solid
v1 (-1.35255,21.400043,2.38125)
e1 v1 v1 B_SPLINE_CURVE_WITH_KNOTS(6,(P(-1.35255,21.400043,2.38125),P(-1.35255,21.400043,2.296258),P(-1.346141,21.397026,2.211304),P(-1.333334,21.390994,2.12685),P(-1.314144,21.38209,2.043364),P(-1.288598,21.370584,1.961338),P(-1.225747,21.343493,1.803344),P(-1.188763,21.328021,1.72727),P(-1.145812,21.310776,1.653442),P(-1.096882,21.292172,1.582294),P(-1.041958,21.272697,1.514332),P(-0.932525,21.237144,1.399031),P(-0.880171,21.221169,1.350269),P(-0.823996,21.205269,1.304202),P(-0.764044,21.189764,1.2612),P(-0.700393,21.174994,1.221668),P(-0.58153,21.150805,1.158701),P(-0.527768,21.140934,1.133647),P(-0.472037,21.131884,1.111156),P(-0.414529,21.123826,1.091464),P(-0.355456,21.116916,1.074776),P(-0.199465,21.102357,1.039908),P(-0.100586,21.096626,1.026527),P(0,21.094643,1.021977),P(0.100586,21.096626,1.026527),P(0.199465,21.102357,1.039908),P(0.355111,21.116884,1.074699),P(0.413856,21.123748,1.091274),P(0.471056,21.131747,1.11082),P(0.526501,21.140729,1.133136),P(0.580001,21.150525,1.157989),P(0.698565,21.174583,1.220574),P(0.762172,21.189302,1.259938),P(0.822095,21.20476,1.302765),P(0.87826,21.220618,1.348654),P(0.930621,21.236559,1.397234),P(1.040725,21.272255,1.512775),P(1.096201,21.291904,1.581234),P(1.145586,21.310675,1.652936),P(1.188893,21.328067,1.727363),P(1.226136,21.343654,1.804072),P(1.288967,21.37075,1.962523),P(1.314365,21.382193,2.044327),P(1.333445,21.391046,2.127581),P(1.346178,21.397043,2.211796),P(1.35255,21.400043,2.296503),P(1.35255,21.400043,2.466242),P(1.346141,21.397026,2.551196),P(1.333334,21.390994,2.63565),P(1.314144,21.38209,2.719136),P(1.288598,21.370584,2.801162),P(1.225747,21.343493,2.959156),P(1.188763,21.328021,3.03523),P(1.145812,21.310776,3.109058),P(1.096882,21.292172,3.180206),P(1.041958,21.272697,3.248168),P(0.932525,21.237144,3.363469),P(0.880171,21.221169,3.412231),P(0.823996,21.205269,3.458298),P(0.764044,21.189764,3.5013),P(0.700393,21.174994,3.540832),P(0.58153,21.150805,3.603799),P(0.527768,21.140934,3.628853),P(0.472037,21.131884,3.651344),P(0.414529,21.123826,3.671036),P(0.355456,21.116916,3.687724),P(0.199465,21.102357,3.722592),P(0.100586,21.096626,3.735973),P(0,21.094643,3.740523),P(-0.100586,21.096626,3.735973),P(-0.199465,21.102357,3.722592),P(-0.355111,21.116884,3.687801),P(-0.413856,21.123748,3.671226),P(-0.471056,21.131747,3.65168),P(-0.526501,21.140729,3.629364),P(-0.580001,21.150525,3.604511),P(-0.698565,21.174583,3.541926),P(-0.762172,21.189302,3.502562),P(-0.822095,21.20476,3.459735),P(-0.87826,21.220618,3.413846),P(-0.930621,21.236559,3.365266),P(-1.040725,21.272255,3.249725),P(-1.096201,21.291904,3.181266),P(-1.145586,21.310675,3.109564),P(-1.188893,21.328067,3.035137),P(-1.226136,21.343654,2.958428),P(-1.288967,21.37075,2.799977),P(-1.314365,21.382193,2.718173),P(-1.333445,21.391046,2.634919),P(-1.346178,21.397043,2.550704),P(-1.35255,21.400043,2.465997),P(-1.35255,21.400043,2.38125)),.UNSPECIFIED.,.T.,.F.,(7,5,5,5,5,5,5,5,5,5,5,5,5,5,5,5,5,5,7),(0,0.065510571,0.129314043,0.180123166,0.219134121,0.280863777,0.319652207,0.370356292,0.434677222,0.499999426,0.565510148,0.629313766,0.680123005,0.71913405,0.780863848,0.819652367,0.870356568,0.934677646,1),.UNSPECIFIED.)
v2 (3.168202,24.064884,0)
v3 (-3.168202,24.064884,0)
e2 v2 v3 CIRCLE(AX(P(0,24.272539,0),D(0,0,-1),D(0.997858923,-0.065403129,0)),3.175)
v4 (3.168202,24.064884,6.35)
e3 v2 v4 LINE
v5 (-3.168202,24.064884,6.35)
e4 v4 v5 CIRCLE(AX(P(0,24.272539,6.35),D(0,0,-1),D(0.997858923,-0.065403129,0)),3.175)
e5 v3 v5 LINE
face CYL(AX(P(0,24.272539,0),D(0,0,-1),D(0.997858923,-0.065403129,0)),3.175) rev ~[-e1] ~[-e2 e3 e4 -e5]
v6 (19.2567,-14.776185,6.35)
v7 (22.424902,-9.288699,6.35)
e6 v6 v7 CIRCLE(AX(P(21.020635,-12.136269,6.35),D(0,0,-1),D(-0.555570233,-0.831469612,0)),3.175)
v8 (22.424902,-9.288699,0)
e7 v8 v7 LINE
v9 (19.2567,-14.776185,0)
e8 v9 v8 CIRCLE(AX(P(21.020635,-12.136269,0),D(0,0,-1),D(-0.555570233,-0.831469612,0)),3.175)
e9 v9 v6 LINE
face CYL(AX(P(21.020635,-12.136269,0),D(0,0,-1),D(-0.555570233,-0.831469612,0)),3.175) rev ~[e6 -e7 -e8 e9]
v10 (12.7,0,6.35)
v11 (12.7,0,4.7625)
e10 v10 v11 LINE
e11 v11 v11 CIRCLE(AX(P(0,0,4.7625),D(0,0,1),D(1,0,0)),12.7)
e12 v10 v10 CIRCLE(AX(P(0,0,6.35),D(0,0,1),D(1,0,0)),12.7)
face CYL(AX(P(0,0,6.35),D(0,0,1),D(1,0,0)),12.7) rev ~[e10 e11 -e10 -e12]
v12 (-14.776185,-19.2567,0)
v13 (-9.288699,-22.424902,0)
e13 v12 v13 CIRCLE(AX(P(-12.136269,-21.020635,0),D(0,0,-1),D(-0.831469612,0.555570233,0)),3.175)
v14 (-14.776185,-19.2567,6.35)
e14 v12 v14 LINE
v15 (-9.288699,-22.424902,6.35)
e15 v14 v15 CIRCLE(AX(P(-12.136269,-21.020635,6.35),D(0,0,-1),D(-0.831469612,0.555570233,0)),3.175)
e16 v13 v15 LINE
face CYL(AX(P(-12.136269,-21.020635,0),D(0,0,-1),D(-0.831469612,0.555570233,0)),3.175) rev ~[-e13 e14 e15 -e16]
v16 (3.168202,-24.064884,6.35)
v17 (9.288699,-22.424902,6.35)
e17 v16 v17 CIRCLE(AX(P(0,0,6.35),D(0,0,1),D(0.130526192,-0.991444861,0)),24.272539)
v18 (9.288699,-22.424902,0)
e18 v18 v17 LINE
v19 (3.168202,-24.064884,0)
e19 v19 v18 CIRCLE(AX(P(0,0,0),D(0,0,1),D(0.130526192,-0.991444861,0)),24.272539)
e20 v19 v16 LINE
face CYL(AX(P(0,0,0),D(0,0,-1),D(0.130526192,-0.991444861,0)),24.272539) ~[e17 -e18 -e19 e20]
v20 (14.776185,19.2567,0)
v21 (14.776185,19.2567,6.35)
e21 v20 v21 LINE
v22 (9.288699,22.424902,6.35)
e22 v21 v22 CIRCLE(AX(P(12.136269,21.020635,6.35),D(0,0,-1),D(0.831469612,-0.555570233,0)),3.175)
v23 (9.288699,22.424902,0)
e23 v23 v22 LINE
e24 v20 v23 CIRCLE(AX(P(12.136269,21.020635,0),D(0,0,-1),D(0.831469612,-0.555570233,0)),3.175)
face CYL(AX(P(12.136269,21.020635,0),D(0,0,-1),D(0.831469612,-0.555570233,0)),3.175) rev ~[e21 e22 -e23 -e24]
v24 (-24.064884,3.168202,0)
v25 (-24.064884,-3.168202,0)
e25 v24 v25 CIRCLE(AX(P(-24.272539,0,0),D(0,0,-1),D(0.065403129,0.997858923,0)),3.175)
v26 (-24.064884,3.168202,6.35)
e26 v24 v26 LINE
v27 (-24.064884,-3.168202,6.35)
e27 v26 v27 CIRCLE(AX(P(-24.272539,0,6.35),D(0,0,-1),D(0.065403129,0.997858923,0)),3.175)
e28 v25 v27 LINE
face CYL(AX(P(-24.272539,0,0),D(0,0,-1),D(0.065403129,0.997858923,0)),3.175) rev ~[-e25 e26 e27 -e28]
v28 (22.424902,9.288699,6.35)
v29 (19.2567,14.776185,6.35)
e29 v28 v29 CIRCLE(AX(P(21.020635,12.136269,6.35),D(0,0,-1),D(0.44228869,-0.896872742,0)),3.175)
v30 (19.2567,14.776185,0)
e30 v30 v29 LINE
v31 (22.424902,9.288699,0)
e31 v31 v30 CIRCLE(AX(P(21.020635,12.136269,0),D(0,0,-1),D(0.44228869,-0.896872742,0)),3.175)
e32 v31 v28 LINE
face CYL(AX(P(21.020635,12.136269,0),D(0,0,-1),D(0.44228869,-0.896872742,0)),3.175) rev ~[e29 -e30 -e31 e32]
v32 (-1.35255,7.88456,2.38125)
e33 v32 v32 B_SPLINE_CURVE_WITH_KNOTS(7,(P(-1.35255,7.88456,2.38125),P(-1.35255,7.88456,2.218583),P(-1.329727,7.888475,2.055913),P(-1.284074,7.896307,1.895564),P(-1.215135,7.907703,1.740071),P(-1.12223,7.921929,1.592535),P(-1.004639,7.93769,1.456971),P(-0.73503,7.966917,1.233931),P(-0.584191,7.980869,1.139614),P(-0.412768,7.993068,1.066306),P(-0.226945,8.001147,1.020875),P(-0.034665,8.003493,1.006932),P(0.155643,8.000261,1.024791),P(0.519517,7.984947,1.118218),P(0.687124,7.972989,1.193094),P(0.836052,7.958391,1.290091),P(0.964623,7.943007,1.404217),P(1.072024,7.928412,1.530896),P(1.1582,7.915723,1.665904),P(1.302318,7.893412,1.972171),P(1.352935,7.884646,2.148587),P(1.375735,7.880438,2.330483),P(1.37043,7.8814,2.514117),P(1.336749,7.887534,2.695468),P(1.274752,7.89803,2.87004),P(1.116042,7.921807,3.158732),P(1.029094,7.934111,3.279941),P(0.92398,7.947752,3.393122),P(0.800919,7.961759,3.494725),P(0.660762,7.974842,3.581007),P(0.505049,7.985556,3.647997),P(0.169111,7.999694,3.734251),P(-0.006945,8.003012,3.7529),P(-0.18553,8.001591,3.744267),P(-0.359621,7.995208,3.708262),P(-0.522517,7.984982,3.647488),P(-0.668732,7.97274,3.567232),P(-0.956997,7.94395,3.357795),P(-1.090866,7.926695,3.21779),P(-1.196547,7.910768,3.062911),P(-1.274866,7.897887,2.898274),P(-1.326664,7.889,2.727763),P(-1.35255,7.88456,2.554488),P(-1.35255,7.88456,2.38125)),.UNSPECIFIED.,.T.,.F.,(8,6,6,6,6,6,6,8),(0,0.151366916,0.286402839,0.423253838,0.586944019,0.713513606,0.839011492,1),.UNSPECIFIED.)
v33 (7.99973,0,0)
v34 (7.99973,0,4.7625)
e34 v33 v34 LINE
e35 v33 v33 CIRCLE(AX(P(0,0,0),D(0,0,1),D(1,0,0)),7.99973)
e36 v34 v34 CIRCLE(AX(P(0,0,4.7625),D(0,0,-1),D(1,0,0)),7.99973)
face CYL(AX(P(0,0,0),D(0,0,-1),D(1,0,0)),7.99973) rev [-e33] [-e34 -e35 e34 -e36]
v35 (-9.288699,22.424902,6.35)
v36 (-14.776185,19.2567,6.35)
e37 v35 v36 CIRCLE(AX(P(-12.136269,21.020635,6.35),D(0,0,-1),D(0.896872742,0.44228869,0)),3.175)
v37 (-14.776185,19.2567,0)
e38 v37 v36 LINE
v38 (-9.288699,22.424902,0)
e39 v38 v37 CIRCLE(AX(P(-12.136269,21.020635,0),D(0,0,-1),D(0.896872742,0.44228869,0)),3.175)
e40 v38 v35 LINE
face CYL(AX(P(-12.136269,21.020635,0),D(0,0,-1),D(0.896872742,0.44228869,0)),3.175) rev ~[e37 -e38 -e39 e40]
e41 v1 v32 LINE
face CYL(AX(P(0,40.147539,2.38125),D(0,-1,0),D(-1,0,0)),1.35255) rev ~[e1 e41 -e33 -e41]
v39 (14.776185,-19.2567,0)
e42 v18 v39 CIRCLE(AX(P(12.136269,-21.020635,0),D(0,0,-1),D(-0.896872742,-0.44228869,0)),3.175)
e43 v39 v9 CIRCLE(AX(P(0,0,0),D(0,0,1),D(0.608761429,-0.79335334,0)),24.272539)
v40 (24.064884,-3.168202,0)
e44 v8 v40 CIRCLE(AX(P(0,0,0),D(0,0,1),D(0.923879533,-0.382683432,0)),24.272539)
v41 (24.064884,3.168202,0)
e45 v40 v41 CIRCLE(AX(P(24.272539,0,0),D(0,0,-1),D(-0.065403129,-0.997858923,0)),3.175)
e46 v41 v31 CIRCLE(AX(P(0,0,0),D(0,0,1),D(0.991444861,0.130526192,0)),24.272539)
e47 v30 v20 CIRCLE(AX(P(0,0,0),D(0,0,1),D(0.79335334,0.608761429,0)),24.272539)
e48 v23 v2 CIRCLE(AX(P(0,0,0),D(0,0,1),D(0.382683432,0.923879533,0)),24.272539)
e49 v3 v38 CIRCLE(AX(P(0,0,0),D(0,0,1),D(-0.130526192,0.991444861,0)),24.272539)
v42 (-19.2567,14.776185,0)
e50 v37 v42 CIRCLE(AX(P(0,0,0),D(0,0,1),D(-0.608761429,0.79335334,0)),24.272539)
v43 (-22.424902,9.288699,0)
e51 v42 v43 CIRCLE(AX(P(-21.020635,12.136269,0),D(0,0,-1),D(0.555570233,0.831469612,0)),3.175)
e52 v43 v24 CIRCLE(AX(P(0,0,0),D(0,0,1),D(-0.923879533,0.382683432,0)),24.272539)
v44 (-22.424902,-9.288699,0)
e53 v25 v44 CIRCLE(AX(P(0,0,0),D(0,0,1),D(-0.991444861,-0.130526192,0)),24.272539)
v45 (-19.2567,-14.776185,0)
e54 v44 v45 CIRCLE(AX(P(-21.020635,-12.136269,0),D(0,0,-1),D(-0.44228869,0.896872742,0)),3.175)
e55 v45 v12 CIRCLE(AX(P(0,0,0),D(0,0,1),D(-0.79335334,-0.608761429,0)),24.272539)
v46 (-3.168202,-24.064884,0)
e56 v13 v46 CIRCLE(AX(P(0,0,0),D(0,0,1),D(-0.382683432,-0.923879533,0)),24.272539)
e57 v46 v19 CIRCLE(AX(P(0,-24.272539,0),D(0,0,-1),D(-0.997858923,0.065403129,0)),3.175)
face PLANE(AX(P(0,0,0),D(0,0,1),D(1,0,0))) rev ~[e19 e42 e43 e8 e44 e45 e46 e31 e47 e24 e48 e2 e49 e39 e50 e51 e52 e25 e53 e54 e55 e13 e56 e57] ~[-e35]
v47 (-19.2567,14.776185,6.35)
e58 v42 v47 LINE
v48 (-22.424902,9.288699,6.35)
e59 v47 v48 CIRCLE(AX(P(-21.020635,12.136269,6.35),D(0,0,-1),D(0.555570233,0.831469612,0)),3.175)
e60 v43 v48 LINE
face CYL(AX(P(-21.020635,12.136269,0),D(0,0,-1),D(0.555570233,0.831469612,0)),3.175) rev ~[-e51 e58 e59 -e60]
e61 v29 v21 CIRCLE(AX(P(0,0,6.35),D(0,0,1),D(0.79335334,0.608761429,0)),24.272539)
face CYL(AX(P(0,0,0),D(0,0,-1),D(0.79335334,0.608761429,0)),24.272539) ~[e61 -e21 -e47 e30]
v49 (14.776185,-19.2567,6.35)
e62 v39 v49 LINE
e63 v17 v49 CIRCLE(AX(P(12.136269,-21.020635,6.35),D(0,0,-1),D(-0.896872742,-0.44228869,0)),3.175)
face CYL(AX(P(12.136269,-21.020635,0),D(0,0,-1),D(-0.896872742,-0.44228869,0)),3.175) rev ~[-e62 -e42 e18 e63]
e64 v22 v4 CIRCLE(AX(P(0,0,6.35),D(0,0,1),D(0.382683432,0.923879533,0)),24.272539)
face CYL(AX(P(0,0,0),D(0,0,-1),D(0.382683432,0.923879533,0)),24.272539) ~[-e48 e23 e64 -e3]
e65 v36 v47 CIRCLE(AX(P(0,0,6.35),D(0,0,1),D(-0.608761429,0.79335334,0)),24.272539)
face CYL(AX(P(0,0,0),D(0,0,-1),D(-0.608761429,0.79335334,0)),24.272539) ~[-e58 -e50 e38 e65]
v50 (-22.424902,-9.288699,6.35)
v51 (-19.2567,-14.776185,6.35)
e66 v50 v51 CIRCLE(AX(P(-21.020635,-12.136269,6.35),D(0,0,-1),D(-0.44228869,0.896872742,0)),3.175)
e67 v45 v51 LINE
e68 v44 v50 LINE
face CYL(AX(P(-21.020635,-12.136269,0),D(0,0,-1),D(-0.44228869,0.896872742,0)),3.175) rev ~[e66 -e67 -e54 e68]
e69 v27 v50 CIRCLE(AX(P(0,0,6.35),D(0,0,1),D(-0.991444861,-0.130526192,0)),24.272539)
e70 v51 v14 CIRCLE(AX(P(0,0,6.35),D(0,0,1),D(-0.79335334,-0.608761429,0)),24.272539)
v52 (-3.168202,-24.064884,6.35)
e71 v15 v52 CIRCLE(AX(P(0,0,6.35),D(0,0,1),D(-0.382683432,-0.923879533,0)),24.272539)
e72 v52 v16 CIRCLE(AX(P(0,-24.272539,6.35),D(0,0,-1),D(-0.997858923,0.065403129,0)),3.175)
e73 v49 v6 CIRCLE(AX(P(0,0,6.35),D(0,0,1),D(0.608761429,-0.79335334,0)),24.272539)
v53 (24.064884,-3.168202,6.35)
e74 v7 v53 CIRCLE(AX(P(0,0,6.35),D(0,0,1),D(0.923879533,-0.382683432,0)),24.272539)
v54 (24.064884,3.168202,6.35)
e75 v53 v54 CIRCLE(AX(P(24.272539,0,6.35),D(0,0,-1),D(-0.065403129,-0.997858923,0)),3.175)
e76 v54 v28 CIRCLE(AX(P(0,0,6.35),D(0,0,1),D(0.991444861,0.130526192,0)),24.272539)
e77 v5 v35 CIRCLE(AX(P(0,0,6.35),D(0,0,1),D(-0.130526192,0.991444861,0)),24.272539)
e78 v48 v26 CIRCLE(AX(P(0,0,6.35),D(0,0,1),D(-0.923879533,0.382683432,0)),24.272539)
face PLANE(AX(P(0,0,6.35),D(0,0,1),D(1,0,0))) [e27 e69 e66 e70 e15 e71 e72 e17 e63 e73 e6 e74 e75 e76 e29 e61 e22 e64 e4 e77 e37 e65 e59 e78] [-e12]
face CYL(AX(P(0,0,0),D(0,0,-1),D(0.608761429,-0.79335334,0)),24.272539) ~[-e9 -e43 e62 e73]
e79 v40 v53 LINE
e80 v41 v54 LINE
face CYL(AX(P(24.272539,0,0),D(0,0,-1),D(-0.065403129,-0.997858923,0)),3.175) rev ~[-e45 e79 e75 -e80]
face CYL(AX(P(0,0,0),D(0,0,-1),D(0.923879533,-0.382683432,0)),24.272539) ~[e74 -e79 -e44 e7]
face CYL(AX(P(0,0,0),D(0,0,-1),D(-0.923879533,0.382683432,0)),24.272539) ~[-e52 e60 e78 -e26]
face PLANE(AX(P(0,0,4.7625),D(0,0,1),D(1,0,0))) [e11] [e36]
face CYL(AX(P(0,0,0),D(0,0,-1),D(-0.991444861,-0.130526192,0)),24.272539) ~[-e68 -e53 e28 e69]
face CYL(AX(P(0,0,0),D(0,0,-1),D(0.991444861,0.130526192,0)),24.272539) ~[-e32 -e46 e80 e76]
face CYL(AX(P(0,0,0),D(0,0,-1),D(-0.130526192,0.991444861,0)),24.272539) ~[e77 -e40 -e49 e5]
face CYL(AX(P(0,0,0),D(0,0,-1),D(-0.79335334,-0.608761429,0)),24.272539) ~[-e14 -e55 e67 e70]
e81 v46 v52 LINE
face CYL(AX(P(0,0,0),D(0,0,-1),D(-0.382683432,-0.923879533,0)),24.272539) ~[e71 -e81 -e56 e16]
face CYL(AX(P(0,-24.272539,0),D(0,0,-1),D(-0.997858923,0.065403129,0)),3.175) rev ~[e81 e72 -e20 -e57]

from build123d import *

# Parameters (mm, degrees)
F0_R     = 7.99973
F1_DEPTH = 6.35
F2_R     = 12.7
F3_DEPTH = 1.5875
F6_D     = 2.7051
F6_DEPTH = 19.05
F6_START = 2.9673452
F6_TIP   = 0.8126940303


with BuildPart() as f1:
    # F0 (on Top) → F1 (new body)
    with BuildSketch(Plane.XY):
        with BuildLine():
            ThreePointArc((3.1682020813, 24.0648839888), (0, 21.0975389242), (-3.1682020813, 24.0648839888))
            ThreePointArc((-3.1682020813, 24.0648839888), (-6.2821953466, 23.4454722164), (-9.2886985077, 22.4249019141))
            ThreePointArc((-9.2886985077, 22.4249019141), (-10.5487694621, 18.2710046656), (-14.7761854811, 19.2566998328))
            ThreePointArc((-14.7761854811, 19.2566998328), (-17.1632768699, 17.1632768699), (-19.2566998328, 14.7761854811))
            ThreePointArc((-19.2566998328, 14.7761854811), (-18.2710046656, 10.5487694621), (-22.4249019141, 9.2886985077))
            ThreePointArc((-22.4249019141, 9.2886985077), (-23.4454722164, 6.2821953466), (-24.0648839888, 3.1682020813))
            ThreePointArc((-24.0648839888, 3.1682020813), (-21.0975389242, 0), (-24.0648839888, -3.1682020813))
            ThreePointArc((-24.0648839888, -3.1682020813), (-23.4454722164, -6.2821953466), (-22.4249019141, -9.2886985077))
            ThreePointArc((-22.4249019141, -9.2886985077), (-18.2710046656, -10.5487694621), (-19.2566998328, -14.7761854811))
            ThreePointArc((-19.2566998328, -14.7761854811), (-17.1632768699, -17.1632768699), (-14.7761854811, -19.2566998328))
            ThreePointArc((-14.7761854811, -19.2566998328), (-10.5487694621, -18.2710046656), (-9.2886985077, -22.4249019141))
            ThreePointArc((-9.2886985077, -22.4249019141), (-6.2821953466, -23.4454722164), (-3.1682020813, -24.0648839888))
            ThreePointArc((-3.1682020813, -24.0648839888), (0, -21.0975389242), (3.1682020813, -24.0648839888))
            ThreePointArc((3.1682020813, -24.0648839888), (6.2821953466, -23.4454722164), (9.2886985077, -22.4249019141))
            ThreePointArc((9.2886985077, -22.4249019141), (10.5487694621, -18.2710046656), (14.7761854811, -19.2566998328))
            ThreePointArc((14.7761854811, -19.2566998328), (17.1632768699, -17.1632768699), (19.2566998328, -14.7761854811))
            ThreePointArc((19.2566998328, -14.7761854811), (18.2710046656, -10.5487694621), (22.4249019141, -9.2886985077))
            ThreePointArc((22.4249019141, -9.2886985077), (23.4454722164, -6.2821953466), (24.0648839888, -3.1682020813))
            ThreePointArc((24.0648839888, -3.1682020813), (21.0975389242, 0), (24.0648839888, 3.1682020813))
            ThreePointArc((24.0648839888, 3.1682020813), (23.4454722164, 6.2821953466), (22.4249019141, 9.2886985077))
            ThreePointArc((22.4249019141, 9.2886985077), (18.2710046656, 10.5487694621), (19.2566998328, 14.7761854811))
            ThreePointArc((19.2566998328, 14.7761854811), (17.1632768699, 17.1632768699), (14.7761854811, 19.2566998328))
            ThreePointArc((14.7761854811, 19.2566998328), (10.5487694621, 18.2710046656), (9.2886985077, 22.4249019141))
            ThreePointArc((9.2886985077, 22.4249019141), (6.2821953466, 23.4454722164), (3.1682020813, 24.0648839888))
        make_face()
        Circle(F0_R, mode=Mode.SUBTRACT)
    extrude(amount=F1_DEPTH)

    # F2 (on face) → F3 (cut)
    with BuildSketch(Plane.XY.offset(6.35)):
        Circle(F2_R)
    extrude(amount=-F3_DEPTH, mode=Mode.SUBTRACT)

    # F6
    # its depths count from where the whole tool has entered the part; down to there all is cleared
    with Locations(Plane(origin=(0, 24.0648839888, 0), x_dir=(1, 0, 0), z_dir=(0, 1, 0)).offset(-F6_START)):
        with Locations((0, -2.38125)):
            Hole(F6_D / 2, depth=F6_DEPTH)
            with Locations((0, 0, -(F6_DEPTH + F6_TIP / 2))):  # 118° drill point
                Cone(0, F6_D / 2, F6_TIP, mode=Mode.SUBTRACT)


solid = f1.part
